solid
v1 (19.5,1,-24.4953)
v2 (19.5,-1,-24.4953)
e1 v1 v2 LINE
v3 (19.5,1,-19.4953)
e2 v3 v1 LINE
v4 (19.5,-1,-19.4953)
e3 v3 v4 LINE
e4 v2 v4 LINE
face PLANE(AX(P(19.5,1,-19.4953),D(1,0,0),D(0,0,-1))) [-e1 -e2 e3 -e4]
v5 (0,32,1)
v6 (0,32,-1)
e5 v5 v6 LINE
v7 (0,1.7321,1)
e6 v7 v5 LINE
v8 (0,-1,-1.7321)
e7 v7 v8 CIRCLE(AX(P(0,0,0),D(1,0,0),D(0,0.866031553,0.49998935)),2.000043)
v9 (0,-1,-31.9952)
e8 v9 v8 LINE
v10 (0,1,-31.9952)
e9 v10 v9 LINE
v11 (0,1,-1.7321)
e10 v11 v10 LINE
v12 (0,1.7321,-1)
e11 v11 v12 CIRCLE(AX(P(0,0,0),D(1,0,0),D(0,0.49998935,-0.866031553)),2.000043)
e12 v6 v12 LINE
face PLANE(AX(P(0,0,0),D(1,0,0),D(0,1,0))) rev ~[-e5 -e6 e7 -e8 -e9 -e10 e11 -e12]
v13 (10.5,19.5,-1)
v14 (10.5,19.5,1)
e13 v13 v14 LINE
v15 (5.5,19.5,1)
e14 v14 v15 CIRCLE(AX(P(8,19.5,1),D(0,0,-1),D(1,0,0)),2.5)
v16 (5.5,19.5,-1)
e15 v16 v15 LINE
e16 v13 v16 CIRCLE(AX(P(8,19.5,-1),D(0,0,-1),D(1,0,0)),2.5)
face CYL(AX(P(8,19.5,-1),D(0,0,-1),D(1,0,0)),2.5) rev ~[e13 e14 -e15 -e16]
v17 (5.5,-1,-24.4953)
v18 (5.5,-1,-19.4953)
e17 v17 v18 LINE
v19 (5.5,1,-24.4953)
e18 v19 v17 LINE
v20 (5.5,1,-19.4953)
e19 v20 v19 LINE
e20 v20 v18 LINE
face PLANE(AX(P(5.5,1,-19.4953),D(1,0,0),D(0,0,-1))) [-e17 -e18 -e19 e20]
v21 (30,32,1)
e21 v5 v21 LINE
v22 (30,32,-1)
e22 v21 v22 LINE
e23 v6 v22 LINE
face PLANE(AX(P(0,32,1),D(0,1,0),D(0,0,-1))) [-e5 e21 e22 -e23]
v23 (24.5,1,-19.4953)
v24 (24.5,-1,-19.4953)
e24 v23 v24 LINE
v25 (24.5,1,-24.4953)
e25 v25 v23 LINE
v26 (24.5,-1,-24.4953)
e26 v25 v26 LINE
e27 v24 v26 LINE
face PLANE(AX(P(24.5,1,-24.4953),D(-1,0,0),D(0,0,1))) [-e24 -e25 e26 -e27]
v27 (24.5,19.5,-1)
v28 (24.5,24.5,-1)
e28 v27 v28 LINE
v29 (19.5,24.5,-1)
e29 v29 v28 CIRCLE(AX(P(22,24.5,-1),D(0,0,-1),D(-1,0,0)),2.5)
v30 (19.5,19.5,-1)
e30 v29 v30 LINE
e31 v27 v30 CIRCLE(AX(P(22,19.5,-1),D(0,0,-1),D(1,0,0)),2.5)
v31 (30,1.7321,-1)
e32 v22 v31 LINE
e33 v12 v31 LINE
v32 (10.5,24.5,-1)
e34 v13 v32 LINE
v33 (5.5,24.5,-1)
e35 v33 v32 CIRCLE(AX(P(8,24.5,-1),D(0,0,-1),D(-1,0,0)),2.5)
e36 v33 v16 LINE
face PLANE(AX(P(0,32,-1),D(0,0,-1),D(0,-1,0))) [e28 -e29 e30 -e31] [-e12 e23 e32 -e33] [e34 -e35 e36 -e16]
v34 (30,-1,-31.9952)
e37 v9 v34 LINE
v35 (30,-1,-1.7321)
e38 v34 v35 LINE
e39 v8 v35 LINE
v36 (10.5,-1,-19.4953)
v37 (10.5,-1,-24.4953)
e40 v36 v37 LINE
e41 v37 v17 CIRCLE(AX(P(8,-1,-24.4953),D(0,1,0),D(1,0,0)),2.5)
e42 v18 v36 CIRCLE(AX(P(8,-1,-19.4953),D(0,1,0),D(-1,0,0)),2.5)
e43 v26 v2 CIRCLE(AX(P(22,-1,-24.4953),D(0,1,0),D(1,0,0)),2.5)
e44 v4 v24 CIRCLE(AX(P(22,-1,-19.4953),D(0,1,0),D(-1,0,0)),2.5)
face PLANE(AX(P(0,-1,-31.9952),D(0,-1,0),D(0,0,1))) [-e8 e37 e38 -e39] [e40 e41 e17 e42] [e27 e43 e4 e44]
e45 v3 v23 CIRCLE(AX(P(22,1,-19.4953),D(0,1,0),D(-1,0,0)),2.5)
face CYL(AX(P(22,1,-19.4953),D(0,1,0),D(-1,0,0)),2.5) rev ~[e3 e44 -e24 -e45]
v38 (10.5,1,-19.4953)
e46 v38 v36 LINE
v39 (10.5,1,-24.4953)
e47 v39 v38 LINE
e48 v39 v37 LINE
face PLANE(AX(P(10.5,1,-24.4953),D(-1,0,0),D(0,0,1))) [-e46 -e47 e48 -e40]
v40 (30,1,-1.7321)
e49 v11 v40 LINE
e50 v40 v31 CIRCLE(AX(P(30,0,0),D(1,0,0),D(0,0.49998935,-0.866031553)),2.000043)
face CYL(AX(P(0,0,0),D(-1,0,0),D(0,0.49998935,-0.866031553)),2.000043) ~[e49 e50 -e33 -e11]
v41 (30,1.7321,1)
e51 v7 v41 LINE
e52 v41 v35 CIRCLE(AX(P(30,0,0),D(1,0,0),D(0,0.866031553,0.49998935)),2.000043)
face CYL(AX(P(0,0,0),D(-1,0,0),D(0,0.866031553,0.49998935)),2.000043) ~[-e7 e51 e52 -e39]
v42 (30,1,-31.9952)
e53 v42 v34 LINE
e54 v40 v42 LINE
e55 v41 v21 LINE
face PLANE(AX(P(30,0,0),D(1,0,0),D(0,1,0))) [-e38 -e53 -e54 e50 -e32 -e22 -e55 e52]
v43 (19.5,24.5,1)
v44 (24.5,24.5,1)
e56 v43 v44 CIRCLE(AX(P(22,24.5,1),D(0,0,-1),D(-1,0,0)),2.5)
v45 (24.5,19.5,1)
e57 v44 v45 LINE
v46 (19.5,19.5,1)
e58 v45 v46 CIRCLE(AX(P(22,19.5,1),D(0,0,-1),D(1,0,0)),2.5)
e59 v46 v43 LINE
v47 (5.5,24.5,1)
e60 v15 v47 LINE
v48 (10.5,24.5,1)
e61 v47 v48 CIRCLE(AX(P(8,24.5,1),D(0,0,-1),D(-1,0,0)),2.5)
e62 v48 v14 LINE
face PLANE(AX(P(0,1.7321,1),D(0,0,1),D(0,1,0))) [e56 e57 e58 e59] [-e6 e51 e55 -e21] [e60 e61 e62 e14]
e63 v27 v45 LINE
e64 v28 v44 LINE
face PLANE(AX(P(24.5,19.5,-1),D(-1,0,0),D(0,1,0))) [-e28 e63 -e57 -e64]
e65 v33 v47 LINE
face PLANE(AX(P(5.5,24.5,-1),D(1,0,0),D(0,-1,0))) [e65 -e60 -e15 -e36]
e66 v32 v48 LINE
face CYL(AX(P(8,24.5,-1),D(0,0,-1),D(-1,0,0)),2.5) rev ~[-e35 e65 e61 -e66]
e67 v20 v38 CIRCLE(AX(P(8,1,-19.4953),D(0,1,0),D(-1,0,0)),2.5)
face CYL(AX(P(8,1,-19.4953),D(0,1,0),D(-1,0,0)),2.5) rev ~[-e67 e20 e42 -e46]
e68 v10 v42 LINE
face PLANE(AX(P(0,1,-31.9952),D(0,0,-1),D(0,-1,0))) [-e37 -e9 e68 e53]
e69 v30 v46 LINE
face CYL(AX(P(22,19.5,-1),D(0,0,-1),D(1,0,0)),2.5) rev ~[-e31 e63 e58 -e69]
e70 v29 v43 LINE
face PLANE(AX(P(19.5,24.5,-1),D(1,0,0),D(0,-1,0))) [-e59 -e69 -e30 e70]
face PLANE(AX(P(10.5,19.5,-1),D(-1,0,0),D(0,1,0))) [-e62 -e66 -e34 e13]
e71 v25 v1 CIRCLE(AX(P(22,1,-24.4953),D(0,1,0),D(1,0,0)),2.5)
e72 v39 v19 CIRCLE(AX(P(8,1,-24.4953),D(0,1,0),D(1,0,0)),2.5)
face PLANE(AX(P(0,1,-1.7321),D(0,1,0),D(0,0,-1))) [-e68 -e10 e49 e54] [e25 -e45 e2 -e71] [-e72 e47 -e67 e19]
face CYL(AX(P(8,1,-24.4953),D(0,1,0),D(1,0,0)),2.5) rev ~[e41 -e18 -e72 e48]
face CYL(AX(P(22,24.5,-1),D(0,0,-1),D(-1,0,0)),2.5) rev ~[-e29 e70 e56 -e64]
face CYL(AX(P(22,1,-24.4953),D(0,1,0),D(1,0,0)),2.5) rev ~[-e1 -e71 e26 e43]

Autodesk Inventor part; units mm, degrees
ref_plane "YZ Plane" through (0, 0, 0) normal (1, 0, 0) x (0, 1, 0)
ref_plane "XZ Plane" through (0, 0, 0) normal (0, 1, 0) x (-1, 0, 0)
ref_plane "XY Plane" through (0, 0, 0) normal (0, 0, 1) x (1, 0, 0)
sketch "Sketch1" plane through (0, 0, 0) normal (1, 0, 0) x (0, 1, 0)
  line L0 (1.7321, 1) -> (32, 1)
  line L1 (32, 1) -> (32, -1)
  line L2 (32, -1) -> (1.7321, -1)
  line L3 (1.7321, 1) -> (32, 1)
  line L4 (32, 1) -> (32, -1)
  line L5 (32, -1) -> (1.7321, -1)
  line L6 (1, -1.7273) -> (1, -31.9952)
  line L7 (1, -31.9952) -> (-1, -31.9952)
  line L8 (-1, -31.9952) -> (-1, -1.7273)
  arc A0 (1, -1.7321) -> (1.7321, -1) centre (0, 0) ccw
  arc A1 (1.7321, 1) -> (-1, -1.7321) centre (0, 0) ccw
  dimension "d6" = 2
  dimension "d8" = 30.2679
  dimension "d9" = 30.2679
  dimension "d33" = 2
extrude "Extrusion1" add sketch "Sketch1" along normal blind 30
sketch "Sketch2" plane through (0, 1, -1.7321) normal (0, 1, 0) x (1, 0, 0)
  line L0 (8, 22.7632) -> (8, 17.7632) construction
  line L1 (10.5, 22.7632) -> (10.5, 17.7632)
  line L2 (5.5, 17.7632) -> (5.5, 22.7632)
  arc A0 (10.5, 22.7632) -> (5.5, 22.7632) centre (8, 22.7632) ccw
  arc A1 (5.5, 17.7632) -> (10.5, 17.7632) centre (8, 17.7632) ccw
  line L3 (22, 22.7632) -> (22, 17.7632) construction
  line L4 (24.5, 22.7632) -> (24.5, 17.7632)
  line L5 (19.5, 17.7632) -> (19.5, 22.7632)
  arc A2 (24.5, 22.7632) -> (19.5, 22.7632) centre (22, 22.7632) ccw
  arc A3 (19.5, 17.7632) -> (24.5, 17.7632) centre (22, 17.7632) ccw
  line L6 (0, 30.2632) -> (30, 30.2632) projected
  line L7 (30, 30.2632) -> (30, 0) projected
  line L8 (0, 30.2632) -> (0, 0) projected
  point P0 (0, -1.7321)
  point P1 (8, 20.2632)
  point P2 (22, 20.2632)
  dimension "d12" = 5
  dimension "d13" = 10
  dimension "d14" = 5
  dimension "d15" = 10
  dimension "d16" = 10
  dimension "d17" = 10
  dimension "d18" = 8
  dimension "d19" = 8
extrude "Extrusion2" cut sketch "Sketch2" against normal blind 10
sketch "Sketch3" plane through (0, 1.7321, -1) normal (0, 0, -1) x (-1, 0, 0)
  line L0 (-5.5, -0.7321) -> (-10.5, -0.7321) projected
  line L1 (-10.5, -0.7321) -> (-5.5, -0.7321) projected
  line L2 (-19.5, -0.7321) -> (-24.5, -0.7321) projected
  line L3 (-24.5, -0.7321) -> (-19.5, -0.7321) projected
  line L4 (0, -0.7321) -> (-30, -0.7321) projected
  line L5 (0, -0.7321) -> (-30, -0.7321) projected
  line L6 (0, 0) -> (0, 30.2679) projected
  line L7 (0, 30.2679) -> (-30, 30.2679) projected
  line L8 (-30, 0) -> (-30, 30.2679) projected
  line L9 (0, 0) -> (-30, 0) projected
  line L10 (-5.5, -0.7321) -> (-10.5, -0.7321) projected
  line L11 (-10.5, -0.7321) -> (-5.5, -0.7321) projected
  line L12 (-19.5, -0.7321) -> (-24.5, -0.7321) projected
  line L13 (-24.5, -0.7321) -> (-19.5, -0.7321) projected
  line L14 (0, -0.7321) -> (-30, -0.7321) projected
  line L15 (0, -0.7321) -> (-30, -0.7321) projected
  line L16 (-5.5, -0.7321) -> (-10.5, -0.7321) projected
  line L17 (-10.5, -0.7321) -> (-5.5, -0.7321) projected
  line L18 (-19.5, -0.7321) -> (-24.5, -0.7321) projected
  line L19 (-24.5, -0.7321) -> (-19.5, -0.7321) projected
  line L20 (0, -0.7321) -> (-30, -0.7321) projected
  line L21 (0, -0.7321) -> (-30, -0.7321) projected
  line L22 (-5.5, -0.7321) -> (-10.5, -0.7321) projected
  line L23 (-10.5, -0.7321) -> (-5.5, -0.7321) projected
  line L24 (-19.5, -0.7321) -> (-24.5, -0.7321) projected
  line L25 (-24.5, -0.7321) -> (-19.5, -0.7321) projected
  line L26 (0, -0.7321) -> (-30, -0.7321) projected
  line L27 (0, -0.7321) -> (-30, -0.7321) projected
  line L28 (-22, 17.7679) -> (-22, 22.7679) construction
  line L29 (-24.5, 17.7679) -> (-24.5, 22.7679)
  line L30 (-19.5, 22.7679) -> (-19.5, 17.7679)
  arc A0 (-24.5, 17.7679) -> (-19.5, 17.7679) centre (-22, 17.7679) ccw
  arc A1 (-19.5, 22.7679) -> (-24.5, 22.7679) centre (-22, 22.7679) ccw
  line L31 (-8, 17.7679) -> (-8, 22.7679) construction
  line L32 (-10.5, 17.7679) -> (-10.5, 22.7679)
  line L33 (-5.5, 22.7679) -> (-5.5, 17.7679)
  arc A2 (-10.5, 17.7679) -> (-5.5, 17.7679) centre (-8, 17.7679) ccw
  arc A3 (-5.5, 22.7679) -> (-10.5, 22.7679) centre (-8, 22.7679) ccw
  point P0 (0, -1.7321)
  point P1 (-22, 20.2679)
  point P2 (-8, 20.2679)
  dimension "d23" = 10
  dimension "d24" = 5
  dimension "d25" = 10
  dimension "d26" = 8
  dimension "d27" = 10
  dimension "d28" = 5
  dimension "d29" = 8
  dimension "d30" = 10
extrude "Extrusion3" cut sketch "Sketch3" against normal blind 10 contours L29 A1 L30 A0 | L32 A3 L33 A2
equation "\"d17\" = d16"
equation "\"d19\" = d18"
equation "\"d29\" = d26"
equation "\"d30\" = d25"
properties part number "Hinge"
